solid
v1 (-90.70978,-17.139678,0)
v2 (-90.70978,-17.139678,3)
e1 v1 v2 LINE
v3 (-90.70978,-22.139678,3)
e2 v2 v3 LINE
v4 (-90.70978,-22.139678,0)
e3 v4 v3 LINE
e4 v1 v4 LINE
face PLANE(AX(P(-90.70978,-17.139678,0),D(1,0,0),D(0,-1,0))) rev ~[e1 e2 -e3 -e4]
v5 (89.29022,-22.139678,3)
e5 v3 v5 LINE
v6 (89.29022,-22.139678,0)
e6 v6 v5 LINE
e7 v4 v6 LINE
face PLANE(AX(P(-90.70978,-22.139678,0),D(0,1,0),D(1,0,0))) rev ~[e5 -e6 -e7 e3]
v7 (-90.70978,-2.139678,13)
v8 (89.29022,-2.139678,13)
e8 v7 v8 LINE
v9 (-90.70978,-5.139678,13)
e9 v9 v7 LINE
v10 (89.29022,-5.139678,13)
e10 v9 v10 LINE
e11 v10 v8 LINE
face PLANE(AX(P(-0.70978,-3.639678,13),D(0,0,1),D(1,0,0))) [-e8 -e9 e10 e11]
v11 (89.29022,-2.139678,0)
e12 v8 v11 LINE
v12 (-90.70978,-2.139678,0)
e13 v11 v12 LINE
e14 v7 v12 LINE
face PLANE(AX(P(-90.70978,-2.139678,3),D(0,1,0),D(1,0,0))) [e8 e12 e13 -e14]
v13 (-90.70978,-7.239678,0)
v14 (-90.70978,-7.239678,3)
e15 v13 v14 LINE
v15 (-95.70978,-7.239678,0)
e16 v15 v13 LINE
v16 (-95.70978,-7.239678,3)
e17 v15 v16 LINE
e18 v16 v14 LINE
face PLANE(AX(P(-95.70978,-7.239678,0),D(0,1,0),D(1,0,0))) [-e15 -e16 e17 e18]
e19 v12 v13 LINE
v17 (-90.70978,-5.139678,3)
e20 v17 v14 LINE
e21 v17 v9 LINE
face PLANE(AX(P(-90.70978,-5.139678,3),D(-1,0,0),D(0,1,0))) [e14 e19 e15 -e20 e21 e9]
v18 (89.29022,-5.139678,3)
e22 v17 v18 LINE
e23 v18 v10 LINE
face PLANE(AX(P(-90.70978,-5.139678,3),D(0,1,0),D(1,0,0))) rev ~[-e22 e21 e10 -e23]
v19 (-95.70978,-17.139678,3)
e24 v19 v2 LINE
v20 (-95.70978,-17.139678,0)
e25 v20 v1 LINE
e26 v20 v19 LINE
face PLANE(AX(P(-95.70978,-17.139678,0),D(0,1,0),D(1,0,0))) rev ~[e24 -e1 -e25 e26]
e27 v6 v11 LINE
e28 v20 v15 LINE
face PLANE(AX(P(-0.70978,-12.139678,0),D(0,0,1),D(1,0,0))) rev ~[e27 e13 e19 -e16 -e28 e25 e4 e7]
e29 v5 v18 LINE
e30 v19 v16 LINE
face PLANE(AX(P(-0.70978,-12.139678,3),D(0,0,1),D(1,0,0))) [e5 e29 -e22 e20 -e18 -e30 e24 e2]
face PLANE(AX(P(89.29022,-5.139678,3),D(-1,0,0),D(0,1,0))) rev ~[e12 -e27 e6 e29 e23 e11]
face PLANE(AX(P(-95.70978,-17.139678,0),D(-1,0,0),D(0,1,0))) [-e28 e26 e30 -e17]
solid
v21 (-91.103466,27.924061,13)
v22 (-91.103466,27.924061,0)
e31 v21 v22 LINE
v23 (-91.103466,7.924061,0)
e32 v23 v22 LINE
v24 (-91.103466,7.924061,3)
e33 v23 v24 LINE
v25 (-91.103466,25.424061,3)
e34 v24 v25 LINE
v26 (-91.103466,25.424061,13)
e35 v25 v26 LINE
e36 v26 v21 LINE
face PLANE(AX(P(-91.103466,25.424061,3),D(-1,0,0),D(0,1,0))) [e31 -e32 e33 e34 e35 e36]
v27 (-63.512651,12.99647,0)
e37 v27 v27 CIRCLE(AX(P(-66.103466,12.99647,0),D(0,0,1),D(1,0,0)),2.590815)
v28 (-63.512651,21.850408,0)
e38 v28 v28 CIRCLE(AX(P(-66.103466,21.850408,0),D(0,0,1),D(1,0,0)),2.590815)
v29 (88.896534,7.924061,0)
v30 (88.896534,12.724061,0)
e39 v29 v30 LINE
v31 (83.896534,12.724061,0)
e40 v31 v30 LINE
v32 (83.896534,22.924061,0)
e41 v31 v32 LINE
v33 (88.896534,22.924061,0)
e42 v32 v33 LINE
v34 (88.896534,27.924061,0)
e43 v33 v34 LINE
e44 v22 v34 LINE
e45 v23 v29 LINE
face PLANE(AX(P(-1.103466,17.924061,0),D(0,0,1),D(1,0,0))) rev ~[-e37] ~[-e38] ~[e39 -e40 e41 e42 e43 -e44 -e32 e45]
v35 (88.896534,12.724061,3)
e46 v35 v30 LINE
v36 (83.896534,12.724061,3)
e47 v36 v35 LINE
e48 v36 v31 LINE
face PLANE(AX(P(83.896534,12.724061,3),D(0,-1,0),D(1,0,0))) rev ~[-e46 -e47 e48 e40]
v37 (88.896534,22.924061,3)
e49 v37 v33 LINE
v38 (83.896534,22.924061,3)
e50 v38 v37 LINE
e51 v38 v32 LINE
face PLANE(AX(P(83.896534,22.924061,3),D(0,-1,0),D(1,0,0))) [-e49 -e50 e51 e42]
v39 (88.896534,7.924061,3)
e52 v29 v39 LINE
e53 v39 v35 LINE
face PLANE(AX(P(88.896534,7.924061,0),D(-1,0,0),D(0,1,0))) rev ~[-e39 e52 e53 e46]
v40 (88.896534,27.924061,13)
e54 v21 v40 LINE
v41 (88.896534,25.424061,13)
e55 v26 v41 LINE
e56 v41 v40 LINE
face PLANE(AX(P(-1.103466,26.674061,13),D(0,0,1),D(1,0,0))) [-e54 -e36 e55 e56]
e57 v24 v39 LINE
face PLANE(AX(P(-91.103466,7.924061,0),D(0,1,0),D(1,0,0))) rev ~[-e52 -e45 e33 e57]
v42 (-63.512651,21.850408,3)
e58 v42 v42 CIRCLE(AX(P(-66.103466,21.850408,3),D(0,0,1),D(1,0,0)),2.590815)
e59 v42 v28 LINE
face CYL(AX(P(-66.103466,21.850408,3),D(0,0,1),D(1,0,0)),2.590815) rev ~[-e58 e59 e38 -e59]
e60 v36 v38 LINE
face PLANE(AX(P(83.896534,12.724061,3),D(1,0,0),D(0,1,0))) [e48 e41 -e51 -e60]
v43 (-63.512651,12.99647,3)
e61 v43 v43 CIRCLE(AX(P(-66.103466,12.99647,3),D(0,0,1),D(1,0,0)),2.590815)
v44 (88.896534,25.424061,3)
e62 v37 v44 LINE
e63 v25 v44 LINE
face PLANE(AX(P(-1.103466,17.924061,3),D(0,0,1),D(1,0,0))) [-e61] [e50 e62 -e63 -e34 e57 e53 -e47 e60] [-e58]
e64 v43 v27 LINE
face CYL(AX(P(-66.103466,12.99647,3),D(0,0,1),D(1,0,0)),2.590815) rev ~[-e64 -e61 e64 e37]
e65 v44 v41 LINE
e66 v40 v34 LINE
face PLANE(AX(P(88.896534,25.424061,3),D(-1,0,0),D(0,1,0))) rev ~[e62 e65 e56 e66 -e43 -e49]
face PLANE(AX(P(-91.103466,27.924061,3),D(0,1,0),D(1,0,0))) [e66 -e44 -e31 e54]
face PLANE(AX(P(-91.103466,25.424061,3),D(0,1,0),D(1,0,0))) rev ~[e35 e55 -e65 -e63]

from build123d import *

# Parameters (mm, degrees)
F0_W     = 180
F0_H     = 20
F0_W_2   = 5
F0_H_2   = 9.9
F1_DEPTH = 3
F2_W     = 5
F2_H     = 10.2
F3_DEPTH = 3
F4_W     = 180
F4_H     = 2.5
F5_DEPTH = 10
F6_W     = 180
F6_H     = 3
F7_DEPTH = 10
F8_R     = 2.590815
F9_DEPTH = 3


with BuildPart() as f1:
    # F0 (on Top) → F1 (new body)
    with BuildSketch(Plane.XY):
        with Locations((-1.103466, 17.924061)):
            Rectangle(F0_W, F0_H)
        Polygon((89.29022, -2.139678), (-90.70978, -2.139678), (-90.70978, -7.239678), (-90.70978, -17.139678), (-90.70978, -22.139678), (89.29022, -22.139678), align=None)
        with Locations((-93.20978, -12.189678)):
            Rectangle(F0_W_2, F0_H_2)
    extrude(amount=F1_DEPTH)

    # F2 (on face) → F3 (cut)
    with BuildSketch(Plane.XY.offset(3)):
        with Locations((86.396534, 17.824061)):
            Rectangle(F2_W, F2_H)
    extrude(amount=-F3_DEPTH, mode=Mode.SUBTRACT)

    # F4 (on face) → F5 (join)
    with BuildSketch(Plane.XY.offset(3)):
        with Locations((-1.103466, 26.674061)):
            Rectangle(F4_W, F4_H)
    extrude(amount=F5_DEPTH)

    # F6 (on face) → F7 (join)
    with BuildSketch(Plane.XY.offset(3)):
        with Locations((-0.70978, -3.639678)):
            Rectangle(F6_W, F6_H)
    extrude(amount=F7_DEPTH)

    # F8 (on face) → F9 (cut)
    with BuildSketch(Plane.XY.offset(3)):
        with Locations((-66.103466, 21.850408)):
            Circle(F8_R)
        with Locations((-66.103466, 12.99647)):
            Circle(F8_R)
    extrude(amount=-F9_DEPTH, mode=Mode.SUBTRACT)


solid = f1.part
